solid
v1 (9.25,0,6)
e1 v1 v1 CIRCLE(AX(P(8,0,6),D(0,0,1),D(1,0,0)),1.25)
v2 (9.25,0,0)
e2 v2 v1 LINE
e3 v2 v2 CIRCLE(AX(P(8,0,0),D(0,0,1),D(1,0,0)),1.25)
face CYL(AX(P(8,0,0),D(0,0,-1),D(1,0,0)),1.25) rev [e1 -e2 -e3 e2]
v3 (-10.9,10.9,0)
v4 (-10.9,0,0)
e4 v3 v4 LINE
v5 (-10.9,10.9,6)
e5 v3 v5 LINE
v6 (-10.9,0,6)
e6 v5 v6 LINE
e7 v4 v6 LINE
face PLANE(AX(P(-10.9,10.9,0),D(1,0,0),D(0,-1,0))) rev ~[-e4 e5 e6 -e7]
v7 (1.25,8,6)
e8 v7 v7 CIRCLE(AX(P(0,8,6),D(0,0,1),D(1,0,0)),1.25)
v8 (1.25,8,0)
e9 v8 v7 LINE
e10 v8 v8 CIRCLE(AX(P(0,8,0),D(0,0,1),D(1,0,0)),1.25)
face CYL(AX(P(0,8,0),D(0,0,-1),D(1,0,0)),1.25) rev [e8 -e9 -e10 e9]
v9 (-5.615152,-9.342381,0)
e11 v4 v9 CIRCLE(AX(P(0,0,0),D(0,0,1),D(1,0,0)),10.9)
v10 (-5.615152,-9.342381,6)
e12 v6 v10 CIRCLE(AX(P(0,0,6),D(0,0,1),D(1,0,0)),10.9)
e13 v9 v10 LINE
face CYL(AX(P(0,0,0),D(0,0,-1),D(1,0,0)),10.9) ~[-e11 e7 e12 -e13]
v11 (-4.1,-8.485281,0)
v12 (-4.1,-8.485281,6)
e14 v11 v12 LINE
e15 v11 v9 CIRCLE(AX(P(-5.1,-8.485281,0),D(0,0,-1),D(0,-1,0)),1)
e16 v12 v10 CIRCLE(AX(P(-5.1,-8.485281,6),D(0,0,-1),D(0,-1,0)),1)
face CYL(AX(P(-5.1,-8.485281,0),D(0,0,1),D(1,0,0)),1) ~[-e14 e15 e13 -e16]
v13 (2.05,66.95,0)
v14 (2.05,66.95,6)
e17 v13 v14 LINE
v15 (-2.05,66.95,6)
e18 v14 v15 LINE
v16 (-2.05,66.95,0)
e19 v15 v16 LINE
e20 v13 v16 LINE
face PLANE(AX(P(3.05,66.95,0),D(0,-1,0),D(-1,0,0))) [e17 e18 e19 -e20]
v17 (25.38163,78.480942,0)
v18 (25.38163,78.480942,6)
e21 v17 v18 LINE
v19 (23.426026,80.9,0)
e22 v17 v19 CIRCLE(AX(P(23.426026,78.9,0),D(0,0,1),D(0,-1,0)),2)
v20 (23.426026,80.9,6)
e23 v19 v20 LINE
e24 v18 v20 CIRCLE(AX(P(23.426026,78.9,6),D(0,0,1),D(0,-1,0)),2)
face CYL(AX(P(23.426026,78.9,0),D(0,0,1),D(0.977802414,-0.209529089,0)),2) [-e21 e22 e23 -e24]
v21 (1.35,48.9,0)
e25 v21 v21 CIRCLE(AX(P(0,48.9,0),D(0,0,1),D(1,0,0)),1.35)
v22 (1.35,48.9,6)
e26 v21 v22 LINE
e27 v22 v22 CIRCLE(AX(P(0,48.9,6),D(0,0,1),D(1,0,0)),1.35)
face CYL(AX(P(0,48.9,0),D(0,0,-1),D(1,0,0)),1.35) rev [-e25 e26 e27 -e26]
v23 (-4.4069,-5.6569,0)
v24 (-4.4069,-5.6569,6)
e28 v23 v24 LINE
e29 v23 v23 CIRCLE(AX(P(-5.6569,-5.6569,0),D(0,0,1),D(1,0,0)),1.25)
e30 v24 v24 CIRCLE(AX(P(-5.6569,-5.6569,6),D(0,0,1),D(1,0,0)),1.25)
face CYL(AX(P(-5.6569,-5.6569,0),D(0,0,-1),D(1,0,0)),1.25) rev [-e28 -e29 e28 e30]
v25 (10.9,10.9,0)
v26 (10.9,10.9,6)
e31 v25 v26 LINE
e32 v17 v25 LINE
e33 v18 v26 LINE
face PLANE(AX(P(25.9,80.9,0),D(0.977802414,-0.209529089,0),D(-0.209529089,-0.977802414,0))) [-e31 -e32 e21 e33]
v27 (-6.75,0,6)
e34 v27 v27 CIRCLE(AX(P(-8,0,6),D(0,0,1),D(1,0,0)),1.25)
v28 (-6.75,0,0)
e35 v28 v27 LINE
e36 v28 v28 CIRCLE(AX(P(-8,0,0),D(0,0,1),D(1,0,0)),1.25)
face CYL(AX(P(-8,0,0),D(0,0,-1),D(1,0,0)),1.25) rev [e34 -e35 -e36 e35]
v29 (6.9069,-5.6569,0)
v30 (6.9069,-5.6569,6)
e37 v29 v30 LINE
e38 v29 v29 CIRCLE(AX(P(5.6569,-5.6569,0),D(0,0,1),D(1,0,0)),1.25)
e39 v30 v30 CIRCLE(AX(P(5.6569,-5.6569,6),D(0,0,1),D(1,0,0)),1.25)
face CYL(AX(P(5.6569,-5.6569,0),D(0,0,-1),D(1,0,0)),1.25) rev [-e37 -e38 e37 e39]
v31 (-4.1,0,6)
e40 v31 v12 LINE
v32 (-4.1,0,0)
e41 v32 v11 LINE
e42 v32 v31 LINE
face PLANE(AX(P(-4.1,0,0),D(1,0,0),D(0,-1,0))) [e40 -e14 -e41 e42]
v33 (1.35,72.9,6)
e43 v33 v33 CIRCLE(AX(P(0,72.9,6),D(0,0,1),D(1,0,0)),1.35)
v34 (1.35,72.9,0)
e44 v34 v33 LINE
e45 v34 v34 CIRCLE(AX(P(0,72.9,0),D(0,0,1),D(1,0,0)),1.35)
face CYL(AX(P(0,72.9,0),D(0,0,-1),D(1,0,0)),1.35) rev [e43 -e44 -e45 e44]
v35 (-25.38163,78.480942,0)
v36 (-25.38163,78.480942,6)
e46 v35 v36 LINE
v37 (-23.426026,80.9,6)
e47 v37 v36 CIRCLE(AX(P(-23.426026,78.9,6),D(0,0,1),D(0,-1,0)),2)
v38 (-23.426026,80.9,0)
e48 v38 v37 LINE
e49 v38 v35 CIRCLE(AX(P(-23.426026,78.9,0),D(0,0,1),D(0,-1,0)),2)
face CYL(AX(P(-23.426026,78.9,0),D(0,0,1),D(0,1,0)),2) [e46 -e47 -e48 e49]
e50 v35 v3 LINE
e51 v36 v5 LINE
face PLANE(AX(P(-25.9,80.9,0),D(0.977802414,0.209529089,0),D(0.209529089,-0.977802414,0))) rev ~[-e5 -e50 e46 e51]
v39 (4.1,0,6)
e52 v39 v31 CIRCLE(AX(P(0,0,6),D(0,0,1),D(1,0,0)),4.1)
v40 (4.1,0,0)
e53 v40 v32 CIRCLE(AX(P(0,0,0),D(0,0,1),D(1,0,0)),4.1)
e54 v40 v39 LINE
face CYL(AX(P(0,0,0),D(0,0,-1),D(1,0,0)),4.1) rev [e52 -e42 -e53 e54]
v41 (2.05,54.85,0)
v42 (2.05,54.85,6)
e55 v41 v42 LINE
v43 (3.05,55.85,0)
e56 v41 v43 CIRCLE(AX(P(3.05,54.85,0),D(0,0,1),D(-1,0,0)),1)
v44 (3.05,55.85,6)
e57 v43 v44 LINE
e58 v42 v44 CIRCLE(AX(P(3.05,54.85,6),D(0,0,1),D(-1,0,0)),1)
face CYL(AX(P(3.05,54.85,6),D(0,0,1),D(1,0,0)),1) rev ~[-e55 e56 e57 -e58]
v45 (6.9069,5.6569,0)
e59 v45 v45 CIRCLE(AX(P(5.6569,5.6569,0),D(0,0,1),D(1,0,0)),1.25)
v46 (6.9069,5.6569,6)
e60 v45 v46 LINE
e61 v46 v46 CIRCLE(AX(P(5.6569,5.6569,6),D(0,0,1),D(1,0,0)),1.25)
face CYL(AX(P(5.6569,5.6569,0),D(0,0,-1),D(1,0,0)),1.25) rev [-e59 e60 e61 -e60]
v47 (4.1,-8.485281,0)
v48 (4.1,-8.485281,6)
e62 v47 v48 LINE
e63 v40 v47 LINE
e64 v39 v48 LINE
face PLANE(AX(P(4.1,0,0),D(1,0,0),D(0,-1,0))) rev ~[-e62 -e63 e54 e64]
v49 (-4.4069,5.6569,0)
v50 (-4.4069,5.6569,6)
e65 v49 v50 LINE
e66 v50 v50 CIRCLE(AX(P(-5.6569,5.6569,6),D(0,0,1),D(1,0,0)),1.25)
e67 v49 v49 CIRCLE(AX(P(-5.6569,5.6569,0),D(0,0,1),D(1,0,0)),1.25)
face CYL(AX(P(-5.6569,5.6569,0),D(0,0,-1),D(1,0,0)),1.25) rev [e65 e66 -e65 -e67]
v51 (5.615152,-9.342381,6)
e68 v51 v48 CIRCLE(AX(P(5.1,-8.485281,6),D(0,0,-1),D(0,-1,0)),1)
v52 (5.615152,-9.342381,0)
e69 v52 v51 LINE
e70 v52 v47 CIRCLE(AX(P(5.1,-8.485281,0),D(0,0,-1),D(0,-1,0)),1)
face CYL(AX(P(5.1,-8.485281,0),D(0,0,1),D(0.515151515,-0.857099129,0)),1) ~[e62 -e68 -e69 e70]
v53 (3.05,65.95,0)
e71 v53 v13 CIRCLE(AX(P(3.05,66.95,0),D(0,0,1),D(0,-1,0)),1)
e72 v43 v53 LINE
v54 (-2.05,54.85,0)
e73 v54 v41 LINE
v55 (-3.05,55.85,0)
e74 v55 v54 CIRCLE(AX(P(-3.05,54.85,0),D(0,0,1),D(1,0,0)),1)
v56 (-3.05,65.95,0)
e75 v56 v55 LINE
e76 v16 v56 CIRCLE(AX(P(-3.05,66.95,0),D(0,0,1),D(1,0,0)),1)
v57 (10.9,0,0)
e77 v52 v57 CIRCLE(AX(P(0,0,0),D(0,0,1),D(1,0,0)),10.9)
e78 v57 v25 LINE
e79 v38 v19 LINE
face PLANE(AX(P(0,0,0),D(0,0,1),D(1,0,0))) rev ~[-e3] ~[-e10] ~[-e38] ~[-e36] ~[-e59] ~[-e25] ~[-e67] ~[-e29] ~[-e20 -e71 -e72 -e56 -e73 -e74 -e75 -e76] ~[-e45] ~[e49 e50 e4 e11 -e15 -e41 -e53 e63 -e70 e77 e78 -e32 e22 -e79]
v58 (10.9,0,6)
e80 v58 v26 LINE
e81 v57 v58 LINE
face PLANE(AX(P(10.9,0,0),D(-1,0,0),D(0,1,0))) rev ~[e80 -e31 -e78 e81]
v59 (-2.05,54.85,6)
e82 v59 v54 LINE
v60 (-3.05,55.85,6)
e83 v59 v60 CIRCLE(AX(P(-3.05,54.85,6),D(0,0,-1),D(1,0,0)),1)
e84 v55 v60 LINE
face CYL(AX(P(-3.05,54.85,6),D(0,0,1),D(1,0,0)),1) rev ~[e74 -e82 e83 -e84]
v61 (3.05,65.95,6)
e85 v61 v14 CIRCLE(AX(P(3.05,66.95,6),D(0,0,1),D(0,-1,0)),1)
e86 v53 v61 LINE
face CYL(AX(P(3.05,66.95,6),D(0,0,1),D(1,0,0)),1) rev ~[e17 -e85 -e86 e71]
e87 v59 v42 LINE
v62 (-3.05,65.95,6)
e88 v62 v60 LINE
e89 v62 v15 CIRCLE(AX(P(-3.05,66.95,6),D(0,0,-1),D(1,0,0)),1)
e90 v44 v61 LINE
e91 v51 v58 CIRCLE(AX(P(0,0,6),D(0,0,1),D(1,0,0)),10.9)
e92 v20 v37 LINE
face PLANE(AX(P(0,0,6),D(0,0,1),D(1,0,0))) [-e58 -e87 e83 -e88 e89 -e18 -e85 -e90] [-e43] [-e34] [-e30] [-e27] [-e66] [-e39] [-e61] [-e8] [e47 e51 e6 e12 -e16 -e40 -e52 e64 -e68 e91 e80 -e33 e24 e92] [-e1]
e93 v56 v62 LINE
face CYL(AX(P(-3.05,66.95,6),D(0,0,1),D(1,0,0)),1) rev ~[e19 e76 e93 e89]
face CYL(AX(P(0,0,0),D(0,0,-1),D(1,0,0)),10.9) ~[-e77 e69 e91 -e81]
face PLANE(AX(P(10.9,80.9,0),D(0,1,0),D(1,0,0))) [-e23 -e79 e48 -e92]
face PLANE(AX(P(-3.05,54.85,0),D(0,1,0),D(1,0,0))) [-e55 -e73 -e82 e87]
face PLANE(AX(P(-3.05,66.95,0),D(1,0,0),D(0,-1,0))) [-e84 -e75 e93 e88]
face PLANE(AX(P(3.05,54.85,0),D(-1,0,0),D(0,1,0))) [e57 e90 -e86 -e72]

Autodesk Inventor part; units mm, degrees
ref_plane "YZ Plane" through (0, 0, 0) normal (1, 0, 0) x (0, 1, 0)
ref_plane "XZ Plane" through (0, 0, 0) normal (0, 1, 0) x (-1, 0, 0)
ref_plane "XY Plane" through (0, 0, 0) normal (0, 0, 1) x (1, 0, 0)
ref_plane "작업 평면1" through (0, 0, 0) normal (0, 0, 1) x (1, 0, 0)
sketch "스케치1" plane through (0, 0, 0) normal (0, 0, 1) x (1, 0, 0)
  circle A0 centre (-5.6569, -5.6569) radius 1.2 projected
  circle A1 centre (5.6569, -5.6569) radius 1.2 projected
  circle A2 centre (5.6569, 5.6569) radius 1.2 projected
  circle A3 centre (-5.6569, 5.6569) radius 1.2 projected
  circle A4 centre (0, 0) radius 4 projected
  circle A5 centre (0, 0) radius 10.9 projected
  circle A6 centre (0, 8) radius 1.2 projected
  circle A7 centre (8, 0) radius 1.2 projected
  circle A8 centre (0, -8) radius 1.2 projected
  circle A9 centre (-8, 0) radius 1.2 projected
  line L0 (10.9, 0) -> (10.9, 10.9)
  line L1 (10.9, 10.9) -> (-10.9, 10.9)
  line L2 (-10.9, 10.9) -> (-10.9, 0)
  line L3 (-10.9, 10.9) -> (10.9, 10.9)
  line L4 (10.9, 80.9) -> (-10.9, 80.9)
  line L5 (10.9, 80.9) -> (25.9, 80.9)
  line L6 (25.9, 80.9) -> (10.9, 10.9)
  line L7 (-10.9, 80.9) -> (-25.9, 80.9)
  line L8 (-25.9, 80.9) -> (-10.9, 10.9)
  circle A10 centre (0, 72.9) radius 1.35
  circle A11 centre (0, 48.9) radius 1.35
  line L9 (-3.05, 54.85) -> (3.05, 54.85)
  line L10 (3.05, 54.85) -> (3.05, 66.95)
  line L11 (3.05, 66.95) -> (-3.05, 66.95)
  line L12 (-3.05, 66.95) -> (-3.05, 54.85)
  line L13 (-3.05, 54.85) -> (3.05, 66.95) construction
  line L14 (3.05, 54.85) -> (-3.05, 66.95) construction
  circle A12 centre (0, 0) radius 4.1
  circle A13 centre (5.6569, 5.6569) radius 1.25
  circle A14 centre (0, 8) radius 1.25
  circle A15 centre (-5.6569, 5.6569) radius 1.25
  circle A16 centre (-8, 0) radius 1.25
  circle A17 centre (-5.6569, -5.6569) radius 1.25
  circle A18 centre (0, -8) radius 1.25
  circle A19 centre (5.6569, -5.6569) radius 1.25
  circle A20 centre (8, 0) radius 1.25
  circle A21 centre (0, 0) radius 10.9
  line L15 (-4.1, 0) -> (-4.1, -10.0995)
  line L16 (4.1, 0) -> (4.1, -10.0995)
  point P0 (0, 0)
  point P1 (0, 60.9)
  dimension "d22" = 2.7
  dimension "d23" = 2.7
  dimension "d28" = 6.1
  dimension "d29" = 12.1
  dimension "d33" = 2.5
  dimension "d36" = 360
extrude "돌출6" add sketch "스케치1" along normal blind 6 contours A5 L16 A12 L15 | L2 L1 A5 | L1 L0 A5 | L1 L8 L7 L4 L5 L6 picked at (-5.5569, -1.7483)
fillet "모깎기2" radius 1 2 edges at (4.1, -10.0995, 3) (-4.1, -10.0995, 3)
fillet "모깎기3" radius 2 2 edges at (25.9, 80.9, 3) (-25.9, 80.9, 3)
sketch "스케치2" plane through (0, 0, 6) normal (0, 0, 1) x (1, 0, 0)
  line L0 (3.05, 66.95) -> (3.05, 54.85) projected
  line L1 (-3.05, 54.85) -> (-3.05, 66.95) projected
  line L2 (-3.05, 66.95) -> (3.05, 66.95) projected
  line L3 (3.05, 54.85) -> (-3.05, 54.85) projected
  circle A0 centre (3.05, 66.95) radius 1
  circle A1 centre (-3.05, 66.95) radius 1
  circle A2 centre (-3.05, 54.85) radius 1
  circle A3 centre (3.05, 54.85) radius 1
  point P0 (0, 0)
  dimension "d42" = 2
  dimension "d43" = 2
  dimension "d44" = 2
  dimension "d45" = 2
extrude "돌출7" cut sketch "스케치2" against normal blind 10 contours L2 A0 L0 | L0 A0 L2 | A3 L3 L0 | L0 L3 A3 | A1 L1 L2 | L2 L1 A1 | A2 L1 L3 | L3 L1 A2
properties part number "hand" material "PMMA 플라스틱"
